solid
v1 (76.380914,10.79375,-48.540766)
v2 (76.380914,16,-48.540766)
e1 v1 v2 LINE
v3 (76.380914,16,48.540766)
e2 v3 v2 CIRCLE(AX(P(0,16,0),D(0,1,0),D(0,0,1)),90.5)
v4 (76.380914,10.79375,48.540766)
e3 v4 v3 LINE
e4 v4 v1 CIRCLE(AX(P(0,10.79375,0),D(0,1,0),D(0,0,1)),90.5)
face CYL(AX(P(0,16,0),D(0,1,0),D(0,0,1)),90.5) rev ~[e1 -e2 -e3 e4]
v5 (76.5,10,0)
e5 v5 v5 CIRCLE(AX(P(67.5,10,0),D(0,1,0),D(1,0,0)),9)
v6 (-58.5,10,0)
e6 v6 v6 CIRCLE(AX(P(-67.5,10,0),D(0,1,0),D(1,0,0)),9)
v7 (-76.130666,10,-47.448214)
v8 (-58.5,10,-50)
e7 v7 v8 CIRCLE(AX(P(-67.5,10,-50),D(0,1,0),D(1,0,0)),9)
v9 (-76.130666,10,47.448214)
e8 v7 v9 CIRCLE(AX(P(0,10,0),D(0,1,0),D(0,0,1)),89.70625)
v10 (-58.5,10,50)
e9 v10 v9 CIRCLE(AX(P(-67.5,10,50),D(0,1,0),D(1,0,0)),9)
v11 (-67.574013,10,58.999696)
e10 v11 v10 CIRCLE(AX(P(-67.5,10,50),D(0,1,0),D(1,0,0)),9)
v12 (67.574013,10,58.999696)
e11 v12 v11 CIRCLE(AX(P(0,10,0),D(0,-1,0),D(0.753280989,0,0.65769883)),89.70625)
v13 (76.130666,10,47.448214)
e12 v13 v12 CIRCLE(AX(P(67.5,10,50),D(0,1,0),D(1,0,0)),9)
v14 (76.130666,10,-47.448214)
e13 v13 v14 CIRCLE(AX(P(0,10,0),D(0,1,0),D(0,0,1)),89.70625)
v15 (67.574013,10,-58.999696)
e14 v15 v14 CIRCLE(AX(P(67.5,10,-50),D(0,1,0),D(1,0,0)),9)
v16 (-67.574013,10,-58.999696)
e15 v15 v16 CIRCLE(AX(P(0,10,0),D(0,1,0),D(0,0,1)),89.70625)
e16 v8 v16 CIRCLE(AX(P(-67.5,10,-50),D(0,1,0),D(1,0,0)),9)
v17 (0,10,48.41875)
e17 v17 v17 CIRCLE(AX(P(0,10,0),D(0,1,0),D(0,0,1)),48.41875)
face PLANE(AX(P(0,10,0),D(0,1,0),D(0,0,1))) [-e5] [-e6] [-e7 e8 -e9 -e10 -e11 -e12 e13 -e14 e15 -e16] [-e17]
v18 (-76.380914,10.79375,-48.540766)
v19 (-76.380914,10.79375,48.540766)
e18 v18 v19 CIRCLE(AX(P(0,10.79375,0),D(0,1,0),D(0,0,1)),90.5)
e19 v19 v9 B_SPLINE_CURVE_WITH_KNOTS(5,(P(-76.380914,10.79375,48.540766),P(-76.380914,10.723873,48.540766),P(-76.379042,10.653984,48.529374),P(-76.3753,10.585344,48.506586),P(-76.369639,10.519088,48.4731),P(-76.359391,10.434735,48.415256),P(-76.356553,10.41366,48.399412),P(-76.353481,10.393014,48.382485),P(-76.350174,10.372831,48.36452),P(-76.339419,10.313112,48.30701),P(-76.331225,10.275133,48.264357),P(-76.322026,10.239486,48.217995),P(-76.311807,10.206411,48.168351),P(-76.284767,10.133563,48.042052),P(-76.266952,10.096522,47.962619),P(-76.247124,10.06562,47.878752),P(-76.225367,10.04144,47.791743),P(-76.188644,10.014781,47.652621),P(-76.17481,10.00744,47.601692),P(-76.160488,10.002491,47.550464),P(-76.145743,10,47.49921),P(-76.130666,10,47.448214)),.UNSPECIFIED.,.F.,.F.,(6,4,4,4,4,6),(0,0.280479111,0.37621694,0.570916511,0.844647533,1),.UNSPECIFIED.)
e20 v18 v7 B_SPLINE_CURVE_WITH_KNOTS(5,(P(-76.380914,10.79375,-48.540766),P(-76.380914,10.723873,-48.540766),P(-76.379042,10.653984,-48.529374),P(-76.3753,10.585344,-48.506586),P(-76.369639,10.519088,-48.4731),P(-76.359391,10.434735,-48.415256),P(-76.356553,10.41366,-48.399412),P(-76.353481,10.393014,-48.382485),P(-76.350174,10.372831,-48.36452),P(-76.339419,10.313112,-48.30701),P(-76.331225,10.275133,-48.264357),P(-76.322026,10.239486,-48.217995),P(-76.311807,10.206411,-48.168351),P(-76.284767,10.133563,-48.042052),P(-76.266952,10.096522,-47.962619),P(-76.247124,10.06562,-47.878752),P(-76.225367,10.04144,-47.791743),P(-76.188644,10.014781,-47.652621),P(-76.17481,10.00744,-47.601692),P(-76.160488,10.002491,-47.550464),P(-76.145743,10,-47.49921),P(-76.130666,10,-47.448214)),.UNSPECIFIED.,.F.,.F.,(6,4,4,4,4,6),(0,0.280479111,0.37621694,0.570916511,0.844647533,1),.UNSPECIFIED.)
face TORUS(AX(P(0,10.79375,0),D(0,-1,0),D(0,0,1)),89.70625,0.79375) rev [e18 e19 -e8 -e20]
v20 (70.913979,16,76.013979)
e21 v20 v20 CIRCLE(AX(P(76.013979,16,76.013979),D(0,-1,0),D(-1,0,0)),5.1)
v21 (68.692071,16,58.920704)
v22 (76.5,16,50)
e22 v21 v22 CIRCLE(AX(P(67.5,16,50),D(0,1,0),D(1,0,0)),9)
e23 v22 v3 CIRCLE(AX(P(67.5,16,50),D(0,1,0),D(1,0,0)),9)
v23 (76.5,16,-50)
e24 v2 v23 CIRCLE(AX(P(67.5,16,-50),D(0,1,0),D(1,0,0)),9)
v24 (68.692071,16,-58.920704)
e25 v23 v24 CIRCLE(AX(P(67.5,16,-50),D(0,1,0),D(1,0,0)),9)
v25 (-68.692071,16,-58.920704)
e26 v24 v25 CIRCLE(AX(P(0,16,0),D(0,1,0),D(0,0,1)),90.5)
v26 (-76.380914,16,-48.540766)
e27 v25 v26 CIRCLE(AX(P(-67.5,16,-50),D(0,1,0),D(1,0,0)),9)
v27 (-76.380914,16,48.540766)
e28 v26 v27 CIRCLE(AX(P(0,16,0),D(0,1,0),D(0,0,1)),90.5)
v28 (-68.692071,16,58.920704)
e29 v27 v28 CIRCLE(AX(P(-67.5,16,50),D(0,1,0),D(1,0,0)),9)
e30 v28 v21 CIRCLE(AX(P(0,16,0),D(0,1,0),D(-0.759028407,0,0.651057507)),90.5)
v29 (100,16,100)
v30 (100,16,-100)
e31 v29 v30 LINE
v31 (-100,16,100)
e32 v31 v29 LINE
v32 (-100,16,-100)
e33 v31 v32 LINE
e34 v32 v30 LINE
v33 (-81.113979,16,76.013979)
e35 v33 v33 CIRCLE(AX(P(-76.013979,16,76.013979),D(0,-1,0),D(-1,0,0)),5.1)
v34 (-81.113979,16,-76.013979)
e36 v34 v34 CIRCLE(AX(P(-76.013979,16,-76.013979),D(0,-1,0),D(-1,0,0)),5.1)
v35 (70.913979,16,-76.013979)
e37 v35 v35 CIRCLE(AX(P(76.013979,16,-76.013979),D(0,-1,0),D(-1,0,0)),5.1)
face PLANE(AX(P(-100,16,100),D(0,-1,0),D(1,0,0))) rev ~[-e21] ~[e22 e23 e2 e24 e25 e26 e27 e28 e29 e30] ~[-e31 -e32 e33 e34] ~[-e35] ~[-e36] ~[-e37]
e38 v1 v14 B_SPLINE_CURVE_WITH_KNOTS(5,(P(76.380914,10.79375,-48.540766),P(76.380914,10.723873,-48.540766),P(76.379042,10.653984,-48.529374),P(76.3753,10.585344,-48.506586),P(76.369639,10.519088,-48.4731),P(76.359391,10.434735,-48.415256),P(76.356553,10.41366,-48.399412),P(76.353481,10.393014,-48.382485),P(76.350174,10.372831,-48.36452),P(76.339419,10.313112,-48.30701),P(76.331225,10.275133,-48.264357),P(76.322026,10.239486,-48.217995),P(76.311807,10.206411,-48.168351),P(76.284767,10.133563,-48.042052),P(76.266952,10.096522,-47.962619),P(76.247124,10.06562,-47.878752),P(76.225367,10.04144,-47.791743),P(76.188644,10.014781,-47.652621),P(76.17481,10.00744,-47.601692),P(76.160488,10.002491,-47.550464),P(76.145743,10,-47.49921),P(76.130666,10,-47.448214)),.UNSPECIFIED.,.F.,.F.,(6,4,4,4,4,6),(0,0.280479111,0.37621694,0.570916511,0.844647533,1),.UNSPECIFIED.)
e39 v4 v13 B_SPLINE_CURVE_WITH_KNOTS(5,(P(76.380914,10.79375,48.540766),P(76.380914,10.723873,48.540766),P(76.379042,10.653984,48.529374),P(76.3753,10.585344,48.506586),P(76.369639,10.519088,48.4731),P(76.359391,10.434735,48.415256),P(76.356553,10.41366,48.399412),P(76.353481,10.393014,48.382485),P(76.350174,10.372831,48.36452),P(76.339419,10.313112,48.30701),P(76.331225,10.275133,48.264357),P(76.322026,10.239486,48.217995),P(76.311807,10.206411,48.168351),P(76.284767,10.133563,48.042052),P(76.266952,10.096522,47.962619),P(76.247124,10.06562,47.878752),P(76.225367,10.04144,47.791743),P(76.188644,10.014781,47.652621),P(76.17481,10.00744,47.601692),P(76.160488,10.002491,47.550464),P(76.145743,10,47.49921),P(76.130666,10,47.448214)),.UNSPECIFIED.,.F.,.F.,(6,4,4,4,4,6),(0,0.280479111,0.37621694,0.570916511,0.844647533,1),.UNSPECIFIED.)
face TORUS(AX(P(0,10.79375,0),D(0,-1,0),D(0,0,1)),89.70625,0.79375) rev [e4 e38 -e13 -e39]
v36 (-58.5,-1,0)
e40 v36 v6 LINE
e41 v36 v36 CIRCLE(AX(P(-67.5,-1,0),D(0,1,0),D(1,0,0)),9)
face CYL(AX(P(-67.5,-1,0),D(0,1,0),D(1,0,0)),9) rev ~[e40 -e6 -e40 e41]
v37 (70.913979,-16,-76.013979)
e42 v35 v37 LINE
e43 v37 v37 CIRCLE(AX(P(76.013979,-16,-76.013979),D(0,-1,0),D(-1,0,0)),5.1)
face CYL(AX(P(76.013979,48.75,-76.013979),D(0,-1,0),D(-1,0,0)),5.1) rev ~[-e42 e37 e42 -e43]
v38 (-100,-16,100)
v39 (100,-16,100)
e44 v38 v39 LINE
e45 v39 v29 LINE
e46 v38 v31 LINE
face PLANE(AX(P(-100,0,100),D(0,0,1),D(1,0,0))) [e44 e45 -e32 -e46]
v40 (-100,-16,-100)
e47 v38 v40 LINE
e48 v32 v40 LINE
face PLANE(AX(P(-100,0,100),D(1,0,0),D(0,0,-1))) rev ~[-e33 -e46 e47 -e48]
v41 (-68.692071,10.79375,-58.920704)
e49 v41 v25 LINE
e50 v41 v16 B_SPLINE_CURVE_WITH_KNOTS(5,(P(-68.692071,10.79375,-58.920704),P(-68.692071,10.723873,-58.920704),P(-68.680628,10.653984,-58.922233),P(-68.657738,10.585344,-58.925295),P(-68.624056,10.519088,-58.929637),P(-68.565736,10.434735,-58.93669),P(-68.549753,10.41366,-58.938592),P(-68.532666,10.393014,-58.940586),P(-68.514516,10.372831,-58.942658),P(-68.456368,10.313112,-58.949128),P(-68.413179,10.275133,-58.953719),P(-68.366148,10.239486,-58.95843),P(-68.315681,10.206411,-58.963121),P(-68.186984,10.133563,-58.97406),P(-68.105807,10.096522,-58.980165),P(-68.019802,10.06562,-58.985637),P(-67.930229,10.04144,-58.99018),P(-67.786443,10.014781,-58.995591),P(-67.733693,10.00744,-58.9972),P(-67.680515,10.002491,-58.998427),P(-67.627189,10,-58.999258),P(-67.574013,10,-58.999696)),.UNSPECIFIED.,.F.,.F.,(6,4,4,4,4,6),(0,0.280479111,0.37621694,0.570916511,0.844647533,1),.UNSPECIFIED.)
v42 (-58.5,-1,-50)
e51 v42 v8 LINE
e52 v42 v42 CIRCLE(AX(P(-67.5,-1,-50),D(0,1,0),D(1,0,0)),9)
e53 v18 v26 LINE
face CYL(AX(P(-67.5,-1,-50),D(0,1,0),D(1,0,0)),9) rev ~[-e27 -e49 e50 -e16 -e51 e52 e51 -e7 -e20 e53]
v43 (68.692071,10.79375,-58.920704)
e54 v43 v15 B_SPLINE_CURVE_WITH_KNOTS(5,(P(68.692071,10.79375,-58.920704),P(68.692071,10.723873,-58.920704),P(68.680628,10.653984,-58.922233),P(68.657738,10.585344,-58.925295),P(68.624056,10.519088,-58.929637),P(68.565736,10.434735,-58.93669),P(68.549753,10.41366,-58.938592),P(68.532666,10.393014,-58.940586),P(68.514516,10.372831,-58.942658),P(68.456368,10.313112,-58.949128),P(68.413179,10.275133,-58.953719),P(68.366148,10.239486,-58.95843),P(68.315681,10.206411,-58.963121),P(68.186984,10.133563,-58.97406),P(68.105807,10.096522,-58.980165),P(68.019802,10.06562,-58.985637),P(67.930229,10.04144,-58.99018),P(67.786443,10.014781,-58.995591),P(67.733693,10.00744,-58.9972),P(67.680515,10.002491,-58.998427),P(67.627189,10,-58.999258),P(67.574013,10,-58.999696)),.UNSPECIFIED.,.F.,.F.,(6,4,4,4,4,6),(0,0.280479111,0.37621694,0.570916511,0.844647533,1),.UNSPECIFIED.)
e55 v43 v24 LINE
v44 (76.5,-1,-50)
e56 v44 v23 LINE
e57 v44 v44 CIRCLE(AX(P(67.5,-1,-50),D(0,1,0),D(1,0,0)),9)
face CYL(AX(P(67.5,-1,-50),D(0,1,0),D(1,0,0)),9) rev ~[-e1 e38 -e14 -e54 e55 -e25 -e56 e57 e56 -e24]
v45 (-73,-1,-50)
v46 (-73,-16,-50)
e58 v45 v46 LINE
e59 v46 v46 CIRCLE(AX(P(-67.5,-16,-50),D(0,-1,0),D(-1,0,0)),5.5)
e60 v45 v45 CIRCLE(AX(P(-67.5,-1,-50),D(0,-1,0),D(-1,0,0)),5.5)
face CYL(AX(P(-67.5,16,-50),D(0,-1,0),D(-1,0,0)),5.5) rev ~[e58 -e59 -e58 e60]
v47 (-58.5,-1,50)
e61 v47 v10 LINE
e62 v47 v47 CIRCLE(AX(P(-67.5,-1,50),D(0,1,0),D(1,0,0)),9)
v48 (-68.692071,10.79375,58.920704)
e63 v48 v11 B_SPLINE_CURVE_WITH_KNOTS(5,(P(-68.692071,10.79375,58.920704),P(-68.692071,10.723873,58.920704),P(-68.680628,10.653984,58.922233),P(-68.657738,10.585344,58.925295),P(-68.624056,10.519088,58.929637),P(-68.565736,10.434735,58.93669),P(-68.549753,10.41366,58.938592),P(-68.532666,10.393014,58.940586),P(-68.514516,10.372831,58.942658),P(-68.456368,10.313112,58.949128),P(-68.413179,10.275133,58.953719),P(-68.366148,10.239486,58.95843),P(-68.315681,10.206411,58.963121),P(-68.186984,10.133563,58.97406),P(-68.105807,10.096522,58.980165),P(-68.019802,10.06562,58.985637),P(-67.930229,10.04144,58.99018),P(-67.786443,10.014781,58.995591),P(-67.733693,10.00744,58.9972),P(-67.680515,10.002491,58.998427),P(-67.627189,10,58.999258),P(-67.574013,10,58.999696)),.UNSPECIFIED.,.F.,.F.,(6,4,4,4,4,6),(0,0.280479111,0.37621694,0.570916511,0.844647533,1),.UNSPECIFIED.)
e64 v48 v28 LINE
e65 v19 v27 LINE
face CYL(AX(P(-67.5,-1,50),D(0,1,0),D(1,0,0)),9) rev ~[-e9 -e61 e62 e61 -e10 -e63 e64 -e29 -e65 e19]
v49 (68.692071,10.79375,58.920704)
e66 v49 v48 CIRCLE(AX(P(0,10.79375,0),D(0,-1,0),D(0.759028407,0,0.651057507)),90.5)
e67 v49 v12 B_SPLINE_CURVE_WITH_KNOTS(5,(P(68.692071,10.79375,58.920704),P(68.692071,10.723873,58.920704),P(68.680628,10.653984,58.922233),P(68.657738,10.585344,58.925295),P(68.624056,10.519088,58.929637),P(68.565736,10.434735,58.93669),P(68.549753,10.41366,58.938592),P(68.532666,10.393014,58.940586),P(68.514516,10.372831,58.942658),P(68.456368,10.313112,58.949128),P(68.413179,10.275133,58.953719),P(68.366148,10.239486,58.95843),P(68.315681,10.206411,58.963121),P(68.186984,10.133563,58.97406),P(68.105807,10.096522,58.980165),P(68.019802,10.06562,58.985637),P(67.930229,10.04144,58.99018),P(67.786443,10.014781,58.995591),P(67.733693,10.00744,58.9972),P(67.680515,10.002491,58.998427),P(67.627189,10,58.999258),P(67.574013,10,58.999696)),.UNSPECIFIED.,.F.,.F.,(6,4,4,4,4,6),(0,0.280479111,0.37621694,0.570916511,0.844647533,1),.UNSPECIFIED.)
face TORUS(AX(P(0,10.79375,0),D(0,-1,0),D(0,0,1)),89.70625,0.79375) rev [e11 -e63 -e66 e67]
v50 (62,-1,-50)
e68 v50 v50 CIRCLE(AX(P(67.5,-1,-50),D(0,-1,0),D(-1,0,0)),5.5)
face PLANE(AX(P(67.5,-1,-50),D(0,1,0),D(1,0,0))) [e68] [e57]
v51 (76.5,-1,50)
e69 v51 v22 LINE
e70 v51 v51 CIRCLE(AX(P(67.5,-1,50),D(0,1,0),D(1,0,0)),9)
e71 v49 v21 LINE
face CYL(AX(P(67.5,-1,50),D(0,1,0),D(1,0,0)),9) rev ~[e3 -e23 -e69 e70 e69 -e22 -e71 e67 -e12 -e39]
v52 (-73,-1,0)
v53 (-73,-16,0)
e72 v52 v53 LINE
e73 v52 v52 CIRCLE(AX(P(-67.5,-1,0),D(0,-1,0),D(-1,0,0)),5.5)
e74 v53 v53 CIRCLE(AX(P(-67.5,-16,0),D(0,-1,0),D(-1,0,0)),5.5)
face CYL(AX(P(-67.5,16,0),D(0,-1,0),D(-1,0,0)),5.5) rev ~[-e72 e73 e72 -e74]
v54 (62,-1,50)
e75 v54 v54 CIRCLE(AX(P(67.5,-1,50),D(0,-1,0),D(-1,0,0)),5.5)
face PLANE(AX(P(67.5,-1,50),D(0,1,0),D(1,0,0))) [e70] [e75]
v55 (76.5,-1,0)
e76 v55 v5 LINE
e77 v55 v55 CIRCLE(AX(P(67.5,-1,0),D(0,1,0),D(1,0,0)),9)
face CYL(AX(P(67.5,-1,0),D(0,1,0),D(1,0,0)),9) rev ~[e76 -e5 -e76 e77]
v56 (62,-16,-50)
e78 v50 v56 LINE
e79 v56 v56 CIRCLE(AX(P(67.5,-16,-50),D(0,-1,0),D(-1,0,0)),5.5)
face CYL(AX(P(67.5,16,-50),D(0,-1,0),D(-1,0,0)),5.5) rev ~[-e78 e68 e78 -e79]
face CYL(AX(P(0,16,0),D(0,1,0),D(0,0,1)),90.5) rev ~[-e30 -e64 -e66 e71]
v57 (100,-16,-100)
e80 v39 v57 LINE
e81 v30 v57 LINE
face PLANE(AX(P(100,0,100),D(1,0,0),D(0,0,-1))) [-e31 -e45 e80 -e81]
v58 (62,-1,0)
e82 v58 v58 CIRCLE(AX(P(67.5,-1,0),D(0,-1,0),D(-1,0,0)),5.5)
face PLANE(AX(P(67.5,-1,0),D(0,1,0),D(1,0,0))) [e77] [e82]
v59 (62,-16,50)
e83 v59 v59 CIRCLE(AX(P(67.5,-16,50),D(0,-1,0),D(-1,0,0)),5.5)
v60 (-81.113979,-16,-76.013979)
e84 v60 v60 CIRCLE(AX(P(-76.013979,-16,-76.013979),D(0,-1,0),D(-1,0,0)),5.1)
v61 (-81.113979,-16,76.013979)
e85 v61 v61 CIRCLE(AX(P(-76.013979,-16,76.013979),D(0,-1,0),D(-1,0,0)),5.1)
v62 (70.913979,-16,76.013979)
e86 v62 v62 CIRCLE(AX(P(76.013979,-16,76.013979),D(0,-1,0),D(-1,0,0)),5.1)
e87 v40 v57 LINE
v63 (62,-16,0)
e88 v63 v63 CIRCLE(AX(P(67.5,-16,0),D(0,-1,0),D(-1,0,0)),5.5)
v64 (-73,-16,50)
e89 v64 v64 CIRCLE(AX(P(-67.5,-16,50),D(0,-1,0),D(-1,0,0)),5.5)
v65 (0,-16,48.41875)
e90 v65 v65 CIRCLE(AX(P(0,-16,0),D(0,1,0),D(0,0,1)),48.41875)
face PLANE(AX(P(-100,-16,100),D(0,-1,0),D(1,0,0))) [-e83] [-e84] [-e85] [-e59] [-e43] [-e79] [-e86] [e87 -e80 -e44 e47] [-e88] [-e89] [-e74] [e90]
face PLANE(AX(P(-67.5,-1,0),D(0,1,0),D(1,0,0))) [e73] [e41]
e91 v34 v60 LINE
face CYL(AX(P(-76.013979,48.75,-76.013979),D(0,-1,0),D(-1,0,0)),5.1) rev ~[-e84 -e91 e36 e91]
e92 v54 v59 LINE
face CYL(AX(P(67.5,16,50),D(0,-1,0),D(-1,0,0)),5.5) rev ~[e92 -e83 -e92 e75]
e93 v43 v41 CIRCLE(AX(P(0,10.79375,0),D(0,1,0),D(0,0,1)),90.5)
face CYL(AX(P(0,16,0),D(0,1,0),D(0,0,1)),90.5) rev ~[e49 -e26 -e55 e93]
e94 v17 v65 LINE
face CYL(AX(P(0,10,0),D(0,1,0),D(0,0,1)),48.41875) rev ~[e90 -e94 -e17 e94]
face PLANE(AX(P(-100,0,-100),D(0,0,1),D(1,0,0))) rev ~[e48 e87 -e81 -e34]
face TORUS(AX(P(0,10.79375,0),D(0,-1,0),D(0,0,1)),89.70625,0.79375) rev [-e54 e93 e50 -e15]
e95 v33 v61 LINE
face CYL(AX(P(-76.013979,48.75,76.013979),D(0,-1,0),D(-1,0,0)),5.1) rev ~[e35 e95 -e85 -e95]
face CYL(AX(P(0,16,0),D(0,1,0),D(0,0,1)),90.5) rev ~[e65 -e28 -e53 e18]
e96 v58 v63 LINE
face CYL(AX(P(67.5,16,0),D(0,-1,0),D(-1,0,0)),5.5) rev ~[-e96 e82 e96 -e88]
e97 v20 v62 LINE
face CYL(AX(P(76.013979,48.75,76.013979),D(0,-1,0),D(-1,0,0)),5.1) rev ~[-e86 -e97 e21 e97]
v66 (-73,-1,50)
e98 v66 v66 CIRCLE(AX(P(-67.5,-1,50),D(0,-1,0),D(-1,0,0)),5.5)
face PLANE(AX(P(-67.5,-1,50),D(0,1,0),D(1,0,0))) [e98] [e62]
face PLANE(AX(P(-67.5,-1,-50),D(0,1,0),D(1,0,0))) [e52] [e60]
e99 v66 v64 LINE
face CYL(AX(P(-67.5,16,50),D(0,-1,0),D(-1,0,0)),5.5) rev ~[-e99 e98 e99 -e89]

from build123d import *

# Parameters (mm, degrees)
SKETCH1_W                                            = 200
SKETCH1_H                                            = 200
BOSS_EXTRUDE1_DEPTH                                  = 19.05
SKETCH2_W                                            = 200
SKETCH2_H                                            = 3.05
CUT_EXTRUDE1_DEPTH                                   = 225.416805298
SKETCH3_R                                            = 90.5
CUT_EXTRUDE2_DEPTH                                   = 6
M12_TAPPED_HOLE1_D                                   = 10.2
M12_TAPPED_HOLE1_DEPTH                               = 32.75
M12_TAPPED_HOLE1_TIP                                 = 3.064389157
SKETCH6_R                                            = 48.41875
CUT_EXTRUDE3_DEPTH                                   = 144.791515744
FILLET1_R                                            = 0.79375
CBORE_FOR_M10_HEX_SOCKET_HEAD_CAP_SCREW1_D           = 11
CBORE_FOR_M10_HEX_SOCKET_HEAD_CAP_SCREW1_CBORE_D     = 18
CBORE_FOR_M10_HEX_SOCKET_HEAD_CAP_SCREW1_CBORE_DEPTH = 17


with BuildPart() as part:
    # Sketch1 → Boss-Extrude1 (new, symmetric)
    with BuildSketch(Plane(origin=(0, 0, 0), x_dir=(1, 0, 0), z_dir=(0, 1, 0))):
        Rectangle(SKETCH1_W, SKETCH1_H)
    extrude(amount=BOSS_EXTRUDE1_DEPTH, both=True)

    # Sketch2 → Cut-Extrude1 (cut, through all)
    with BuildSketch(Plane.XY.offset(100)):
        with Locations((0, 17.525)):
            Rectangle(SKETCH2_W, SKETCH2_H)
        with Locations((0, -17.525)):
            Rectangle(SKETCH2_W, SKETCH2_H)
    extrude(amount=-CUT_EXTRUDE1_DEPTH, mode=Mode.SUBTRACT)

    # Sketch3 → Cut-Extrude2 (cut)
    with BuildSketch(Plane(origin=(0, 16, 0), x_dir=(1, 0, 0), z_dir=(0, 1, 0))):
        with Locations(Location((0, 0, 0), (0, 0, 270))):
            Circle(SKETCH3_R)
    extrude(amount=-CUT_EXTRUDE2_DEPTH, mode=Mode.SUBTRACT)

    # M12 Tapped Hole1
    with Locations(Plane(origin=(0, 16, 0), x_dir=(1, 0, 0), z_dir=(0, 1, 0))):
        with Locations((-76.013978978, 76.013978978), (76.013978978, 76.013978978), (76.013978978, -76.013978978), (-76.013978978, -76.013978978)):
            Hole(M12_TAPPED_HOLE1_D / 2, depth=M12_TAPPED_HOLE1_DEPTH)
            with Locations((0, 0, -(M12_TAPPED_HOLE1_DEPTH + M12_TAPPED_HOLE1_TIP / 2))):  # 118° drill point
                Cone(0, M12_TAPPED_HOLE1_D / 2, M12_TAPPED_HOLE1_TIP, mode=Mode.SUBTRACT)

    # Sketch6 → Cut-Extrude3 (cut, through all)
    with BuildSketch(Plane(origin=(0, 10, 0), x_dir=(1, 0, 0), z_dir=(0, 1, 0))):
        with Locations(Location((0, 0, 0), (0, 0, 270))):
            Circle(SKETCH6_R)
    extrude(amount=-CUT_EXTRUDE3_DEPTH, mode=Mode.SUBTRACT)

    # Fillet1
    fillet1_edges = [part.edges().sort_by_distance(p)[0] for p in [
        (0, 10, -90.5),
    ]]
    fillet(fillet1_edges, radius=FILLET1_R)

    # CBORE for M10 Hex Socket Head Cap Screw1 (through all)
    with Locations(Plane(origin=(0, 16, 0), x_dir=(1, 0, 0), z_dir=(0, 1, 0))):
        with Locations((-67.5, -50), (-67.5, 0), (-67.5, 50), (67.5, 50), (67.5, 0), (67.5, -50)):
            CounterBoreHole(CBORE_FOR_M10_HEX_SOCKET_HEAD_CAP_SCREW1_D / 2, CBORE_FOR_M10_HEX_SOCKET_HEAD_CAP_SCREW1_CBORE_D / 2, CBORE_FOR_M10_HEX_SOCKET_HEAD_CAP_SCREW1_CBORE_DEPTH)


solid = part.part
